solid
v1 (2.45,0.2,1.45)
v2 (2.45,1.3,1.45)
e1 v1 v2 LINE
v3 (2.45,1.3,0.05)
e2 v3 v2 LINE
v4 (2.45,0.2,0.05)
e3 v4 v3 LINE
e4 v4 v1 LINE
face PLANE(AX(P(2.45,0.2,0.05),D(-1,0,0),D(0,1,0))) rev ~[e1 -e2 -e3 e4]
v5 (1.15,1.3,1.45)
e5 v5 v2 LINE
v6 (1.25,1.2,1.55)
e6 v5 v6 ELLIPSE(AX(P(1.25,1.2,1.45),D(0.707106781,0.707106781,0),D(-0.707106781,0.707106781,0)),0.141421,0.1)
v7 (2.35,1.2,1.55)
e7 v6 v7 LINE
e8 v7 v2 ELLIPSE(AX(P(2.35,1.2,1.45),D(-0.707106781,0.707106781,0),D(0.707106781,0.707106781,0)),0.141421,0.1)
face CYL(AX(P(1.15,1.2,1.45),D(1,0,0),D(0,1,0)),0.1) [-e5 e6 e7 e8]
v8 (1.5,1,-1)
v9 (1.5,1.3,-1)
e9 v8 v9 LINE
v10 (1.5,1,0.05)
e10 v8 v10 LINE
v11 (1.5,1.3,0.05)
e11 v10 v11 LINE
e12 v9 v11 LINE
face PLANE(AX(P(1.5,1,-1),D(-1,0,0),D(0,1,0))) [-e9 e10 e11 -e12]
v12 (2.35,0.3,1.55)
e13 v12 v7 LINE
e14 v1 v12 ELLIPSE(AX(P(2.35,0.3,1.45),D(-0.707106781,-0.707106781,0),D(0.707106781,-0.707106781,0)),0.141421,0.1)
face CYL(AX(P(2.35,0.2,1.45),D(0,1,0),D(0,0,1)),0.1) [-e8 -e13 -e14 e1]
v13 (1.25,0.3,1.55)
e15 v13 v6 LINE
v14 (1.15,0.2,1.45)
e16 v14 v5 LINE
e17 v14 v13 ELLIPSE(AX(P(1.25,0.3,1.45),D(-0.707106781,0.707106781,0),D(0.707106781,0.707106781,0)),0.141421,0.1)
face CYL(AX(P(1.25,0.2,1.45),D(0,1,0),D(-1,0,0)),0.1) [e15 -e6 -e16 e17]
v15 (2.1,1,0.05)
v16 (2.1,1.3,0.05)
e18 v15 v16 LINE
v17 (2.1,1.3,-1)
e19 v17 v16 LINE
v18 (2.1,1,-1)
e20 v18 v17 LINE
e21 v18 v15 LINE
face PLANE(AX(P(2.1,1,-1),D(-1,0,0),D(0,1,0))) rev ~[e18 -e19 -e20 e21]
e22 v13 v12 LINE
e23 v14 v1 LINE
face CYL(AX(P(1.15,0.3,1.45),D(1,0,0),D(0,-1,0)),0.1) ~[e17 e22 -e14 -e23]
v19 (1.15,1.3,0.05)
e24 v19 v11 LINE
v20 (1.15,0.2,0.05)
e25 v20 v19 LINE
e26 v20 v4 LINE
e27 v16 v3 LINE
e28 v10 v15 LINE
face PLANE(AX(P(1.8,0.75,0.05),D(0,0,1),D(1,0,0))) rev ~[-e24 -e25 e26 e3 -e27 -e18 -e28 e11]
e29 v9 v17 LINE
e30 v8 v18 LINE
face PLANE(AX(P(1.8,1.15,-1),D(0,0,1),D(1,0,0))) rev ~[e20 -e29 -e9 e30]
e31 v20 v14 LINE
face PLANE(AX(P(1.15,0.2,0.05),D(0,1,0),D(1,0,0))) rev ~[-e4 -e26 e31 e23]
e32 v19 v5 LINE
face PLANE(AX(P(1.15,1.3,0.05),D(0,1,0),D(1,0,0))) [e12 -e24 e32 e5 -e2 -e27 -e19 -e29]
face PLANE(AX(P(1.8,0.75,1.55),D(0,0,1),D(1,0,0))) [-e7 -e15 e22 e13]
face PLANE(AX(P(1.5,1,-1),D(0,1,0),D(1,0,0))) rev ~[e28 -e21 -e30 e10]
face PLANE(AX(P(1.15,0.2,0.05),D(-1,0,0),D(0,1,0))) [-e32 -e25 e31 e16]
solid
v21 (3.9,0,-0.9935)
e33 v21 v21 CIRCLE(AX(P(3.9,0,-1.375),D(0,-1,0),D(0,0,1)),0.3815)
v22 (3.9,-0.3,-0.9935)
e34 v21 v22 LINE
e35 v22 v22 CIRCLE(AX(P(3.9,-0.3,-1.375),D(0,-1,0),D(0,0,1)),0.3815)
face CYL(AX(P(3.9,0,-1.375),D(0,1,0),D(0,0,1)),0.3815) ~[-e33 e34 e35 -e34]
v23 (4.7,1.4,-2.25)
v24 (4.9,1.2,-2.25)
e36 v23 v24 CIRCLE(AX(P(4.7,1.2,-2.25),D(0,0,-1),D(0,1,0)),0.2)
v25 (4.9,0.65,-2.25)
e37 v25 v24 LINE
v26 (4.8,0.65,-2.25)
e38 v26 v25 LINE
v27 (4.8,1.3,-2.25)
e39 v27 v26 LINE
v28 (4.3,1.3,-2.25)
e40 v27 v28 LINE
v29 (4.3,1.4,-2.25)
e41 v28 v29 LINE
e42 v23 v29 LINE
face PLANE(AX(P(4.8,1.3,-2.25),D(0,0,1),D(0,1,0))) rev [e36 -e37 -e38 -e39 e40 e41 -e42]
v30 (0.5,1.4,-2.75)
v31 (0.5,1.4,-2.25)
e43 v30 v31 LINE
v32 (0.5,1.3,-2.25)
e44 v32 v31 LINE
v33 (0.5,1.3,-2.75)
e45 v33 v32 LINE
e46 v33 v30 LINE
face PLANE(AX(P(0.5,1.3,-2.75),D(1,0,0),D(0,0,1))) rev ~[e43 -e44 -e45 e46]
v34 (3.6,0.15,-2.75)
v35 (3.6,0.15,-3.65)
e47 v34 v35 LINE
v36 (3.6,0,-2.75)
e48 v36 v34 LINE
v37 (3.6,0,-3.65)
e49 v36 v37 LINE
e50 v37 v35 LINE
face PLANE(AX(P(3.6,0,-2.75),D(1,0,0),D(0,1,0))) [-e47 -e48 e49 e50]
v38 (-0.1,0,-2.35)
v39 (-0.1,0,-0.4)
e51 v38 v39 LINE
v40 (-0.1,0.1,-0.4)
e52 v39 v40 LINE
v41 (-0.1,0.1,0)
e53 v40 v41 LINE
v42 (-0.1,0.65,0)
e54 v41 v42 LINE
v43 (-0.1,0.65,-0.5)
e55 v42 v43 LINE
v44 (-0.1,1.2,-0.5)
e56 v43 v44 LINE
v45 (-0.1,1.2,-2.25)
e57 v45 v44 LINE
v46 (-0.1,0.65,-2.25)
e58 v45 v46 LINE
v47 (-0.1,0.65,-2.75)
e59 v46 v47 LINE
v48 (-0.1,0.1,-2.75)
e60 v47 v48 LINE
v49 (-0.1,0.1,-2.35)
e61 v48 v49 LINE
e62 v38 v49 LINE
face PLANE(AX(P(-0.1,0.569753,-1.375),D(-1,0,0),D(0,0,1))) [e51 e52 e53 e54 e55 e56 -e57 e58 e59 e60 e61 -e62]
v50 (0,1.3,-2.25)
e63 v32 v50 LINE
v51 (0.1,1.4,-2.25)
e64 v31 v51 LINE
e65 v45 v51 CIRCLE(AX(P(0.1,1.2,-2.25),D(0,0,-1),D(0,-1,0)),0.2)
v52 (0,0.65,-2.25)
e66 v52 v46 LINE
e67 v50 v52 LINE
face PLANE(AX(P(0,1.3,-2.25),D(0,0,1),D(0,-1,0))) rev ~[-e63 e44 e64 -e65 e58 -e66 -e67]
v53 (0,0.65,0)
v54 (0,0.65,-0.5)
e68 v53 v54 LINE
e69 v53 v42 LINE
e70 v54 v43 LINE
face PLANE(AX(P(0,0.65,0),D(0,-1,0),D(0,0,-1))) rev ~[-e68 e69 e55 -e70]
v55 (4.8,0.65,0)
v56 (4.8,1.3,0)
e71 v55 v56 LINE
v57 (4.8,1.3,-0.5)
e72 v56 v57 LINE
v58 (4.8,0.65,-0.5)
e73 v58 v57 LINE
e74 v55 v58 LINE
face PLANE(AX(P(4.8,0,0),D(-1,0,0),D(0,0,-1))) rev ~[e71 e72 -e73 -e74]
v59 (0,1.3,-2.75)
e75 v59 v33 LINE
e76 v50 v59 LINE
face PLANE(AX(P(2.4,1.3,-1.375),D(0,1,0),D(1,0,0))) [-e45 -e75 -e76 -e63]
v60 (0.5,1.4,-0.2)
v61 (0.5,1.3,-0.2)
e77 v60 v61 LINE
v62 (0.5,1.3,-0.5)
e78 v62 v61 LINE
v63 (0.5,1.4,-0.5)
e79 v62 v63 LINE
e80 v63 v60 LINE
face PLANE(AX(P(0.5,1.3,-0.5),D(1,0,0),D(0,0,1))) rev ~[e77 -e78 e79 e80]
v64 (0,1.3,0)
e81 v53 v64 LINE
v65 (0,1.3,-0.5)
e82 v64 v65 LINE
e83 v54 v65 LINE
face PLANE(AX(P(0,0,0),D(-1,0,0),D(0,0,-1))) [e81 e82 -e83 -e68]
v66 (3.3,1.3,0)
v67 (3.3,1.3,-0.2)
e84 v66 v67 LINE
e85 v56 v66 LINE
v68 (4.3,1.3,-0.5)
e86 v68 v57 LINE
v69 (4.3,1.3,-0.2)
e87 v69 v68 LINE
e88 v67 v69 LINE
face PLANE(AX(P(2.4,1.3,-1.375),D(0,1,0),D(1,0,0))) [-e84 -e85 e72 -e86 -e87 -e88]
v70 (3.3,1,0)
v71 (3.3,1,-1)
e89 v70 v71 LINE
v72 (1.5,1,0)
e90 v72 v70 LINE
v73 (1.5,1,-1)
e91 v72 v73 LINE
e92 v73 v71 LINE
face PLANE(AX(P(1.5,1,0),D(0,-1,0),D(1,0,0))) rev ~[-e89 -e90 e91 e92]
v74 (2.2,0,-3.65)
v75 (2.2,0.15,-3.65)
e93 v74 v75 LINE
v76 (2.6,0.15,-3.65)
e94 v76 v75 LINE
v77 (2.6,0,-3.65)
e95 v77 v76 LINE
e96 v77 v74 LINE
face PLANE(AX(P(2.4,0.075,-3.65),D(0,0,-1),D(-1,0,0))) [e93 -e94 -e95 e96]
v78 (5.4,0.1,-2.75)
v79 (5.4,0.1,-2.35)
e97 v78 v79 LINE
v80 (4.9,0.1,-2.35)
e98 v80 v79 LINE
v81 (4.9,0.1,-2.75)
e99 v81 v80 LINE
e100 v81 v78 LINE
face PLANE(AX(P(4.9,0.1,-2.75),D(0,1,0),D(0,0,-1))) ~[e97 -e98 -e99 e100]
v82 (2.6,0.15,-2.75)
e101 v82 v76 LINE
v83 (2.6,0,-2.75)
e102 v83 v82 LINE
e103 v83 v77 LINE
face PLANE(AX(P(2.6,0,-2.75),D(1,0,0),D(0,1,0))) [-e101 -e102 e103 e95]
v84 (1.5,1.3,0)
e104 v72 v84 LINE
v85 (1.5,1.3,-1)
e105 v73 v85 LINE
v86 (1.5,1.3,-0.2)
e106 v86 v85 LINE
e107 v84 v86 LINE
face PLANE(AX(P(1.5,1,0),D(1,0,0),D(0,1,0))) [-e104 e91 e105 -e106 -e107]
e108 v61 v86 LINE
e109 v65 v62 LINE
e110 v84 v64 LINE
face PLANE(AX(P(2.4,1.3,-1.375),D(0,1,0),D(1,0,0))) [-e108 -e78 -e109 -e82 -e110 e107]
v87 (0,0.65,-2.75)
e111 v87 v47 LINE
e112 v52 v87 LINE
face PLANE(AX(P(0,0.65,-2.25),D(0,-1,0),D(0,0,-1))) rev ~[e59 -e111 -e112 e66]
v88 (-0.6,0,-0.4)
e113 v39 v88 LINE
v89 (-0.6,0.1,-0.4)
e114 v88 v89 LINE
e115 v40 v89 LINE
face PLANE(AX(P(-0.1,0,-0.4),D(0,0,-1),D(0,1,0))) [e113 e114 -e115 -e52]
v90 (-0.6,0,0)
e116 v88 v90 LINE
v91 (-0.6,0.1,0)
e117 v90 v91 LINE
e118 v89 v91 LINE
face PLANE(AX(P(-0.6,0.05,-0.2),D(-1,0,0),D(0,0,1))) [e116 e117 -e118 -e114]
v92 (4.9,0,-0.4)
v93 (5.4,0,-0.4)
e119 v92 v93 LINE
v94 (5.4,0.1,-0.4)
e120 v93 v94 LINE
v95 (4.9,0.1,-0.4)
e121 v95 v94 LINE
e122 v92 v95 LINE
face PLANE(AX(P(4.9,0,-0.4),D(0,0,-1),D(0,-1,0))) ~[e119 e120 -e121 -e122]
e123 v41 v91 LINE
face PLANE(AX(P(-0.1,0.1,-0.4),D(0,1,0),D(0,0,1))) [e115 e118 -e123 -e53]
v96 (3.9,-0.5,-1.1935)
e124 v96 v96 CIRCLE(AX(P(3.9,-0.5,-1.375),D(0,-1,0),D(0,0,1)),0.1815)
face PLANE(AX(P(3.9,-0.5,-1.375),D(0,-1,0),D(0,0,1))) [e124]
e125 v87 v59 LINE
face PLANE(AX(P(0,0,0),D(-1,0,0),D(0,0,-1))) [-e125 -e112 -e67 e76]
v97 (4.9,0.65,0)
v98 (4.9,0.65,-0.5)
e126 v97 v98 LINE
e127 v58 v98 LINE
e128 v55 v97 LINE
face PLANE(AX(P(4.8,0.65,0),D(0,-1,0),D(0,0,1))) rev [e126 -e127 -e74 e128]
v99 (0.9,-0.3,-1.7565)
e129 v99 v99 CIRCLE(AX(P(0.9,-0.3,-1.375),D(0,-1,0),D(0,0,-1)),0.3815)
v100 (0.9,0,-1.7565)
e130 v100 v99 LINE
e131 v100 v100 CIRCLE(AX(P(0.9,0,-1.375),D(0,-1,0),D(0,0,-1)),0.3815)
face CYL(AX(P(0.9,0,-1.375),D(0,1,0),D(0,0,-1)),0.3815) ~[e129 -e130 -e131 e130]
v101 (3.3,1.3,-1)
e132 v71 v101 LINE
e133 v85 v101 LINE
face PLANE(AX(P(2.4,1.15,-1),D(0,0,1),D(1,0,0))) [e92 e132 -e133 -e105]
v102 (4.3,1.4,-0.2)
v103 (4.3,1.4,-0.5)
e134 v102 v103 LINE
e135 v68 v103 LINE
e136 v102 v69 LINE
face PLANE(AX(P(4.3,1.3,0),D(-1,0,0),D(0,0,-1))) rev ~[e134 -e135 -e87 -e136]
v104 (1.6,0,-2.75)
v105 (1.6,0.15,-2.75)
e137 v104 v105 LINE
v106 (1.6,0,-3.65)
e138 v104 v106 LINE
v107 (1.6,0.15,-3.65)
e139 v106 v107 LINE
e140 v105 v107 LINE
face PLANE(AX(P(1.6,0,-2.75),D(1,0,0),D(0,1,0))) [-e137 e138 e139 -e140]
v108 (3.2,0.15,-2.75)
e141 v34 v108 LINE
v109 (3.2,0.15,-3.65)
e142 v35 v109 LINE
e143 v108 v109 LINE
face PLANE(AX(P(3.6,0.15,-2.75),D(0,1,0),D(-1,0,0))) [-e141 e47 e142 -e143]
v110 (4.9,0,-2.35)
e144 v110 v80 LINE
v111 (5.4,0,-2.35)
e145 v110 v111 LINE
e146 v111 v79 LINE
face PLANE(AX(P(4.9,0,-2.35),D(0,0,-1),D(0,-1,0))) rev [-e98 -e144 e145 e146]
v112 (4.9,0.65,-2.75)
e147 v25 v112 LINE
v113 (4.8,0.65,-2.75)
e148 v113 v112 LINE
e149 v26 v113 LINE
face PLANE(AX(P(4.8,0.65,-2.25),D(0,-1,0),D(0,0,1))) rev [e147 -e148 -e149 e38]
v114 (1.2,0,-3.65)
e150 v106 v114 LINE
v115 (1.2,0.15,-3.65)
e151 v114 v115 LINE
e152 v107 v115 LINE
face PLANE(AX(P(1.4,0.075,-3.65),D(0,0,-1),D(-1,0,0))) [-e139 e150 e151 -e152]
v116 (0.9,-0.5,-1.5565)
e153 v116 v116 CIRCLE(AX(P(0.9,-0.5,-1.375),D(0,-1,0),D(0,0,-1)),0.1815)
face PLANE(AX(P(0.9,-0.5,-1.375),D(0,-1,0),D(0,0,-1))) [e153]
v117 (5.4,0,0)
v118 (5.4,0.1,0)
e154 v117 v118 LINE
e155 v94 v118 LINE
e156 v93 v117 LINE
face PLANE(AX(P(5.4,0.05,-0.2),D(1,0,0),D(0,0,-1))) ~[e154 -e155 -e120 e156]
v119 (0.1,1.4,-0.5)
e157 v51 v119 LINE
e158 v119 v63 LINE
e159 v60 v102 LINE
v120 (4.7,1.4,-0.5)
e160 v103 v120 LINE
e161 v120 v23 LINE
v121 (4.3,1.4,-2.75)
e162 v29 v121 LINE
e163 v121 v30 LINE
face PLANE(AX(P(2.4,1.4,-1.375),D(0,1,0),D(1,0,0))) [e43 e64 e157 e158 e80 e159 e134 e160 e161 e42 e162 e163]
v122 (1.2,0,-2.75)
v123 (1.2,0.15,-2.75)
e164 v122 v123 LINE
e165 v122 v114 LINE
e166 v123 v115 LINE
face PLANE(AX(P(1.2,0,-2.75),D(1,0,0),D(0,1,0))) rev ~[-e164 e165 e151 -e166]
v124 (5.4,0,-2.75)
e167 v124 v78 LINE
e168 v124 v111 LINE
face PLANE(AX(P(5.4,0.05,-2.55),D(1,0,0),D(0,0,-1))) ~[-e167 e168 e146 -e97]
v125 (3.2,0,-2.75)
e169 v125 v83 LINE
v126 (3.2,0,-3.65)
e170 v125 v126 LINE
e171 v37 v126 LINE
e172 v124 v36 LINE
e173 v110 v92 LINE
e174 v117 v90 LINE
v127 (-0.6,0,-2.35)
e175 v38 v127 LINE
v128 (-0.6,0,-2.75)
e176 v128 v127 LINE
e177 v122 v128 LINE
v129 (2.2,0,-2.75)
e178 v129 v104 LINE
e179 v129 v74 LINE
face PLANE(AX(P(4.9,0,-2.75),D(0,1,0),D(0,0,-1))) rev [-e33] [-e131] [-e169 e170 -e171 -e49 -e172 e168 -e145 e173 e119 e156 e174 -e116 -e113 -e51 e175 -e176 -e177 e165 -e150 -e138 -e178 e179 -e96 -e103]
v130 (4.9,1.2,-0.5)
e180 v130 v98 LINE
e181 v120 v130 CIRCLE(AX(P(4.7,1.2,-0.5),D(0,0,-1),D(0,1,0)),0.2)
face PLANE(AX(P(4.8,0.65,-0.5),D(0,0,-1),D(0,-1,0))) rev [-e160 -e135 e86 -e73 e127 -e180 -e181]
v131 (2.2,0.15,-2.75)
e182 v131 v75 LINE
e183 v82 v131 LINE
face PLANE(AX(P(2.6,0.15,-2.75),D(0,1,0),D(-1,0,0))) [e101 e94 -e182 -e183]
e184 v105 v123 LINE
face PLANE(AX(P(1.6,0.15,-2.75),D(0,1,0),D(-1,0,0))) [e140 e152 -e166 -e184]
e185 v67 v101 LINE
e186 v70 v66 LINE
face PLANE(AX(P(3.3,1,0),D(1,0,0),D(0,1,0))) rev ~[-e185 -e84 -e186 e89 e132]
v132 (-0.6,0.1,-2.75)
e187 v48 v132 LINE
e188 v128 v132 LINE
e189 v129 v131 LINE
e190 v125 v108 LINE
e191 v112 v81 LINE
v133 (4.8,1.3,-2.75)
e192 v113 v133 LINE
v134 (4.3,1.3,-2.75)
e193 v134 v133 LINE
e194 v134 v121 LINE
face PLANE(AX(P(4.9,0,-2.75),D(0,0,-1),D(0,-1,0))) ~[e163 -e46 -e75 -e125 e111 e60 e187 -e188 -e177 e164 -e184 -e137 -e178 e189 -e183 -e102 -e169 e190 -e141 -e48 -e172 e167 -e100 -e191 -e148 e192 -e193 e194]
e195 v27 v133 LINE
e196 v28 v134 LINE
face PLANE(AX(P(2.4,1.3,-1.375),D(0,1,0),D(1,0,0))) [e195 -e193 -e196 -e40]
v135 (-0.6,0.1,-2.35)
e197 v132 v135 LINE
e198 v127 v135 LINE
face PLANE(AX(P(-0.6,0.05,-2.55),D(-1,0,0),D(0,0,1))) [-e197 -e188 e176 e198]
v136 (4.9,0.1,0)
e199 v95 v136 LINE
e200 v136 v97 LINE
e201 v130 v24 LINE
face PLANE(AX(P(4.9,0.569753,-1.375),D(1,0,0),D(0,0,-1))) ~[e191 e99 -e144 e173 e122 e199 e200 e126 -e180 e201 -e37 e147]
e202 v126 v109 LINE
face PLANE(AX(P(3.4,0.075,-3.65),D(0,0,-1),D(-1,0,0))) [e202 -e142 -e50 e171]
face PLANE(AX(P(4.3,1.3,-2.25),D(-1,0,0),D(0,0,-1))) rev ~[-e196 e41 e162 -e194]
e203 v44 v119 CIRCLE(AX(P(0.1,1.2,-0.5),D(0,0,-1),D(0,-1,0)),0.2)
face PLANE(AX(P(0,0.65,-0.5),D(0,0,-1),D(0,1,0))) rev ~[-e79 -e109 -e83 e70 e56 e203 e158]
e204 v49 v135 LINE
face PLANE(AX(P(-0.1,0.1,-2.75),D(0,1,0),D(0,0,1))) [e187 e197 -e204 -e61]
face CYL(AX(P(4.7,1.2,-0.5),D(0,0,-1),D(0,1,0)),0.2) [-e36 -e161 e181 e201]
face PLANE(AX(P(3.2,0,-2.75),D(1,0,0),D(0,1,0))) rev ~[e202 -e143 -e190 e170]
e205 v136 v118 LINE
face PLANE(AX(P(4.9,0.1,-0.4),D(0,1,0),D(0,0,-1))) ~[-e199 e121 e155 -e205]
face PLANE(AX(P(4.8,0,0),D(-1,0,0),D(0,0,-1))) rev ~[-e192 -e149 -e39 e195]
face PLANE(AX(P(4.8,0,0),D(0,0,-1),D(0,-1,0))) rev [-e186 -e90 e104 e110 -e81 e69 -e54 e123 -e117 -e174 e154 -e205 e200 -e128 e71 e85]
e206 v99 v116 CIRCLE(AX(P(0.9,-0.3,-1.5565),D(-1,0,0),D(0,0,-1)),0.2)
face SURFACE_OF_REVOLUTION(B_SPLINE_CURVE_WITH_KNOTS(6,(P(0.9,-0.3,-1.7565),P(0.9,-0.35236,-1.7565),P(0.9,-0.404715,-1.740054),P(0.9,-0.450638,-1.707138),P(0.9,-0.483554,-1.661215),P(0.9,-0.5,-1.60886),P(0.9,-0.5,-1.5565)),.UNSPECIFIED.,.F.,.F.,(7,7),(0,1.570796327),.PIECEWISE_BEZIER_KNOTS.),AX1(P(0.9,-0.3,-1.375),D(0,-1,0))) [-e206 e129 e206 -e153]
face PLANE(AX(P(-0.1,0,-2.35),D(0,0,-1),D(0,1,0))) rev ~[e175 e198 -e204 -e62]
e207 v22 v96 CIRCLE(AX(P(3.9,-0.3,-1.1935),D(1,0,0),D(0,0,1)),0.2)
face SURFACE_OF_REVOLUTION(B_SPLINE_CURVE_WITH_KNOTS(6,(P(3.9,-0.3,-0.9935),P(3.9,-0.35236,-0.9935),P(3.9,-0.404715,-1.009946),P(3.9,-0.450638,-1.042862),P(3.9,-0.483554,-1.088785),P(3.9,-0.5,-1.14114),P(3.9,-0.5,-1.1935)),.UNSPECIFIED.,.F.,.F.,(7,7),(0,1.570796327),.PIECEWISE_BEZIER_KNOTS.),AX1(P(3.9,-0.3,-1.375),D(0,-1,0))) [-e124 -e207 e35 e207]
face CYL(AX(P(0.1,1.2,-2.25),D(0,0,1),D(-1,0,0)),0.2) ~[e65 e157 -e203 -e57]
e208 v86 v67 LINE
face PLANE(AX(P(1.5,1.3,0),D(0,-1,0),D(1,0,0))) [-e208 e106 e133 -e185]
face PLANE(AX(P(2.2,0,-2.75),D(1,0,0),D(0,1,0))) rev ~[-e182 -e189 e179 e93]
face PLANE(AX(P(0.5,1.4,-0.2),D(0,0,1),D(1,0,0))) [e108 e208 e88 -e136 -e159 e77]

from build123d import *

# Parameters (mm, degrees)
SKETCH_1_W          = 4.8
SKETCH_1_H          = 2.75
EXTRUDE_1_DEPTH     = 1.3
SKETCH_2_W          = 0.1
SKETCH_2_H          = 1.75
EXTRUDE_3_DEPTH     = 0.1
EXTRUDE_4_DEPTH     = 0.1
SKETCH_4_W          = 0.4
SKETCH_4_H          = 0.1
EXTRUDE_5_DEPTH     = 0.5
SKETCH_5_W          = 3.8
SKETCH_5_H          = 0.2
CUT_EXTRUDE_1_DEPTH = 0.1
SKETCH_6_W          = 1.8
SKETCH_6_H          = 0.3
CUT_EXTRUDE_2_DEPTH = 1
SKETCH_7_W          = 0.6
SKETCH_7_H          = 0.3
EXTRUDE_6_DEPTH     = 1.05
SKETCH_8_W          = 1.3
SKETCH_8_H          = 1.1
EXTRUDE_7_DEPTH     = 1.5
SKETCH_9_W          = 0.4
SKETCH_9_H          = 0.15
EXTRUDE_8_DEPTH     = 0.9
FILLET_1_R          = 0.2
FILLET_2_R          = 0.1
SKETCH_10_R         = 0.3815
EXTRUDE_9_DEPTH     = 0.5
FILLET_3_R          = 0.2


with BuildPart() as part:
    # 草图1 → 凸台-拉伸1 (new body)
    with BuildSketch(Plane(origin=(0, 0, 0), x_dir=(1, 0, 0), z_dir=(0, 1, 0))):
        with Locations((2.4, 1.375)):
            Rectangle(SKETCH_1_W, SKETCH_1_H)
    extrude(amount=EXTRUDE_1_DEPTH)



with BuildPart() as body_2:
    # 草图2 → 凸台-拉伸3 (new body)
    with BuildSketch(Plane(origin=(0, 1.3, 0), x_dir=(1, 0, 0), z_dir=(0, 1, 0))):
        Polygon((0.5, 2.25), (0, 2.25), (0, 1.375), (0, 0.5), (0.5, 0.5), (0.5, 0), (4.3, 0), (4.3, 0.5), (4.8, 0.5), (4.8, 2.25), (4.3, 2.25), (4.3, 2.75), (0.5, 2.75), align=None)
        Polygon((0, 1.375), (0, 2.25), (-0.1, 2.25), (-0.1, 0.5), (0, 0.5), align=None)
        with Locations((4.85, 1.375)):
            Rectangle(SKETCH_2_W, SKETCH_2_H)
    extrude(amount=EXTRUDE_3_DEPTH)


with BuildPart() as part_1:
    add(part.part)

    add(body_2.part)  # 凸台-拉伸4 merges body 2
    # 草图3 → 凸台-拉伸4 (add)
    with BuildSketch(Plane.ZY):
        Polygon((-2.75, 0), (0, 0), (0, 0.65), (-0.5, 0.65), (-0.5, 1.3), (-2.25, 1.3), (-2.25, 0.65), (-2.75, 0.65), align=None)
    extrude(amount=EXTRUDE_4_DEPTH)


with BuildPart() as body_2_2:
    # 镜向16: mirrored copy
    add(part_1.part.mirror(Plane(origin=(2.4, 0, 0), x_dir=(0, 0, 1), z_dir=(1, 0, 0))))


with BuildPart() as part_2:
    add(part_1.part)

    add(body_2_2.part)  # 凸台-拉伸5 merges body 2 2
    # 草图4 → 凸台-拉伸5 (add)
    with BuildSketch(Plane.ZY.offset(0.1)):
        with Locations((-2.55, 0.05)):
            Rectangle(SKETCH_4_W, SKETCH_4_H)
        with Locations((-0.2, 0.05)):
            Rectangle(SKETCH_4_W, SKETCH_4_H)
    extrude(amount=EXTRUDE_5_DEPTH)

    # 镜向17: part across plane


with BuildPart() as part_3:
    add(part_2.part)
    add(part_2.part.mirror(Plane(origin=(2.4, 0, 0), x_dir=(0, 0, 1), z_dir=(1, 0, 0))))

    # 草图5 → 切除-拉伸1 (cut)
    with BuildSketch(Plane(origin=(0, 1.4, 0), x_dir=(1, 0, 0), z_dir=(0, 1, 0))):
        with Locations((2.4, 0.1)):
            Rectangle(SKETCH_5_W, SKETCH_5_H)
    extrude(amount=-CUT_EXTRUDE_1_DEPTH, mode=Mode.SUBTRACT)

    # 草图6 → 切除-拉伸2 (cut)
    with BuildSketch(Plane.XY):
        with Locations((2.4, 1.15)):
            Rectangle(SKETCH_6_W, SKETCH_6_H)
    extrude(amount=-CUT_EXTRUDE_2_DEPTH, mode=Mode.SUBTRACT)

    # 草图9 → 凸台-拉伸8 (add)
    with BuildSketch(Plane(origin=(0, 0, -2.75), x_dir=(-1, 0, 0), z_dir=(0, 0, -1))):
        with Locations((-1.4, 0.075)):
            Rectangle(SKETCH_9_W, SKETCH_9_H)
        with Locations((-2.4, 0.075)):
            Rectangle(SKETCH_9_W, SKETCH_9_H)
        with Locations((-3.4, 0.075)):
            Rectangle(SKETCH_9_W, SKETCH_9_H)
    extrude(amount=EXTRUDE_8_DEPTH)

    # 圆角1
    fillet_1_edges = [part_3.edges().sort_by_distance(p)[0] for p in [
        (4.9, 1.4, -1.375),
        (-0.1, 1.4, -1.375),
    ]]
    fillet(fillet_1_edges, radius=FILLET_1_R)

    # 草图10 → 凸台-拉伸9 (add)
    with BuildSketch(Plane.XZ):
        with Locations(Location((0.9, -1.375, 0), (0, 0, 270))):
            Circle(SKETCH_10_R)
        with Locations(Location((3.9, -1.375, 0), (0, 0, 90))):
            Circle(SKETCH_10_R)
    extrude(amount=EXTRUDE_9_DEPTH)

    # 圆角3
    fillet_3_edges = [part_3.edges().sort_by_distance(p)[0] for p in [
        (0.9, -0.5, -0.9935),
        (3.9, -0.5, -1.7565),
    ]]
    fillet(fillet_3_edges, radius=FILLET_3_R)


with BuildPart() as body_2_3:
    # 草图7 → 凸台-拉伸6 (new body)
    with BuildSketch(Plane.XY.offset(-1)):
        with Locations((1.8, 1.15)):
            Rectangle(SKETCH_7_W, SKETCH_7_H)
    extrude(amount=EXTRUDE_6_DEPTH)

    # 草图8 → 凸台-拉伸7 (add)
    with BuildSketch(Plane.XY.offset(0.05)):
        with Locations((1.8, 0.75)):
            Rectangle(SKETCH_8_W, SKETCH_8_H)
    extrude(amount=EXTRUDE_7_DEPTH)

    # 圆角2
    fillet_2_edges = [body_2_3.edges().sort_by_distance(p)[0] for p in [
        (1.15, 0.75, 1.55),
        (1.8, 0.2, 1.55),
        (2.45, 0.75, 1.55),
        (1.8, 1.3, 1.55),
    ]]
    fillet(fillet_2_edges, radius=FILLET_2_R)


solid = Compound([part_3.part, body_2_3.part])
